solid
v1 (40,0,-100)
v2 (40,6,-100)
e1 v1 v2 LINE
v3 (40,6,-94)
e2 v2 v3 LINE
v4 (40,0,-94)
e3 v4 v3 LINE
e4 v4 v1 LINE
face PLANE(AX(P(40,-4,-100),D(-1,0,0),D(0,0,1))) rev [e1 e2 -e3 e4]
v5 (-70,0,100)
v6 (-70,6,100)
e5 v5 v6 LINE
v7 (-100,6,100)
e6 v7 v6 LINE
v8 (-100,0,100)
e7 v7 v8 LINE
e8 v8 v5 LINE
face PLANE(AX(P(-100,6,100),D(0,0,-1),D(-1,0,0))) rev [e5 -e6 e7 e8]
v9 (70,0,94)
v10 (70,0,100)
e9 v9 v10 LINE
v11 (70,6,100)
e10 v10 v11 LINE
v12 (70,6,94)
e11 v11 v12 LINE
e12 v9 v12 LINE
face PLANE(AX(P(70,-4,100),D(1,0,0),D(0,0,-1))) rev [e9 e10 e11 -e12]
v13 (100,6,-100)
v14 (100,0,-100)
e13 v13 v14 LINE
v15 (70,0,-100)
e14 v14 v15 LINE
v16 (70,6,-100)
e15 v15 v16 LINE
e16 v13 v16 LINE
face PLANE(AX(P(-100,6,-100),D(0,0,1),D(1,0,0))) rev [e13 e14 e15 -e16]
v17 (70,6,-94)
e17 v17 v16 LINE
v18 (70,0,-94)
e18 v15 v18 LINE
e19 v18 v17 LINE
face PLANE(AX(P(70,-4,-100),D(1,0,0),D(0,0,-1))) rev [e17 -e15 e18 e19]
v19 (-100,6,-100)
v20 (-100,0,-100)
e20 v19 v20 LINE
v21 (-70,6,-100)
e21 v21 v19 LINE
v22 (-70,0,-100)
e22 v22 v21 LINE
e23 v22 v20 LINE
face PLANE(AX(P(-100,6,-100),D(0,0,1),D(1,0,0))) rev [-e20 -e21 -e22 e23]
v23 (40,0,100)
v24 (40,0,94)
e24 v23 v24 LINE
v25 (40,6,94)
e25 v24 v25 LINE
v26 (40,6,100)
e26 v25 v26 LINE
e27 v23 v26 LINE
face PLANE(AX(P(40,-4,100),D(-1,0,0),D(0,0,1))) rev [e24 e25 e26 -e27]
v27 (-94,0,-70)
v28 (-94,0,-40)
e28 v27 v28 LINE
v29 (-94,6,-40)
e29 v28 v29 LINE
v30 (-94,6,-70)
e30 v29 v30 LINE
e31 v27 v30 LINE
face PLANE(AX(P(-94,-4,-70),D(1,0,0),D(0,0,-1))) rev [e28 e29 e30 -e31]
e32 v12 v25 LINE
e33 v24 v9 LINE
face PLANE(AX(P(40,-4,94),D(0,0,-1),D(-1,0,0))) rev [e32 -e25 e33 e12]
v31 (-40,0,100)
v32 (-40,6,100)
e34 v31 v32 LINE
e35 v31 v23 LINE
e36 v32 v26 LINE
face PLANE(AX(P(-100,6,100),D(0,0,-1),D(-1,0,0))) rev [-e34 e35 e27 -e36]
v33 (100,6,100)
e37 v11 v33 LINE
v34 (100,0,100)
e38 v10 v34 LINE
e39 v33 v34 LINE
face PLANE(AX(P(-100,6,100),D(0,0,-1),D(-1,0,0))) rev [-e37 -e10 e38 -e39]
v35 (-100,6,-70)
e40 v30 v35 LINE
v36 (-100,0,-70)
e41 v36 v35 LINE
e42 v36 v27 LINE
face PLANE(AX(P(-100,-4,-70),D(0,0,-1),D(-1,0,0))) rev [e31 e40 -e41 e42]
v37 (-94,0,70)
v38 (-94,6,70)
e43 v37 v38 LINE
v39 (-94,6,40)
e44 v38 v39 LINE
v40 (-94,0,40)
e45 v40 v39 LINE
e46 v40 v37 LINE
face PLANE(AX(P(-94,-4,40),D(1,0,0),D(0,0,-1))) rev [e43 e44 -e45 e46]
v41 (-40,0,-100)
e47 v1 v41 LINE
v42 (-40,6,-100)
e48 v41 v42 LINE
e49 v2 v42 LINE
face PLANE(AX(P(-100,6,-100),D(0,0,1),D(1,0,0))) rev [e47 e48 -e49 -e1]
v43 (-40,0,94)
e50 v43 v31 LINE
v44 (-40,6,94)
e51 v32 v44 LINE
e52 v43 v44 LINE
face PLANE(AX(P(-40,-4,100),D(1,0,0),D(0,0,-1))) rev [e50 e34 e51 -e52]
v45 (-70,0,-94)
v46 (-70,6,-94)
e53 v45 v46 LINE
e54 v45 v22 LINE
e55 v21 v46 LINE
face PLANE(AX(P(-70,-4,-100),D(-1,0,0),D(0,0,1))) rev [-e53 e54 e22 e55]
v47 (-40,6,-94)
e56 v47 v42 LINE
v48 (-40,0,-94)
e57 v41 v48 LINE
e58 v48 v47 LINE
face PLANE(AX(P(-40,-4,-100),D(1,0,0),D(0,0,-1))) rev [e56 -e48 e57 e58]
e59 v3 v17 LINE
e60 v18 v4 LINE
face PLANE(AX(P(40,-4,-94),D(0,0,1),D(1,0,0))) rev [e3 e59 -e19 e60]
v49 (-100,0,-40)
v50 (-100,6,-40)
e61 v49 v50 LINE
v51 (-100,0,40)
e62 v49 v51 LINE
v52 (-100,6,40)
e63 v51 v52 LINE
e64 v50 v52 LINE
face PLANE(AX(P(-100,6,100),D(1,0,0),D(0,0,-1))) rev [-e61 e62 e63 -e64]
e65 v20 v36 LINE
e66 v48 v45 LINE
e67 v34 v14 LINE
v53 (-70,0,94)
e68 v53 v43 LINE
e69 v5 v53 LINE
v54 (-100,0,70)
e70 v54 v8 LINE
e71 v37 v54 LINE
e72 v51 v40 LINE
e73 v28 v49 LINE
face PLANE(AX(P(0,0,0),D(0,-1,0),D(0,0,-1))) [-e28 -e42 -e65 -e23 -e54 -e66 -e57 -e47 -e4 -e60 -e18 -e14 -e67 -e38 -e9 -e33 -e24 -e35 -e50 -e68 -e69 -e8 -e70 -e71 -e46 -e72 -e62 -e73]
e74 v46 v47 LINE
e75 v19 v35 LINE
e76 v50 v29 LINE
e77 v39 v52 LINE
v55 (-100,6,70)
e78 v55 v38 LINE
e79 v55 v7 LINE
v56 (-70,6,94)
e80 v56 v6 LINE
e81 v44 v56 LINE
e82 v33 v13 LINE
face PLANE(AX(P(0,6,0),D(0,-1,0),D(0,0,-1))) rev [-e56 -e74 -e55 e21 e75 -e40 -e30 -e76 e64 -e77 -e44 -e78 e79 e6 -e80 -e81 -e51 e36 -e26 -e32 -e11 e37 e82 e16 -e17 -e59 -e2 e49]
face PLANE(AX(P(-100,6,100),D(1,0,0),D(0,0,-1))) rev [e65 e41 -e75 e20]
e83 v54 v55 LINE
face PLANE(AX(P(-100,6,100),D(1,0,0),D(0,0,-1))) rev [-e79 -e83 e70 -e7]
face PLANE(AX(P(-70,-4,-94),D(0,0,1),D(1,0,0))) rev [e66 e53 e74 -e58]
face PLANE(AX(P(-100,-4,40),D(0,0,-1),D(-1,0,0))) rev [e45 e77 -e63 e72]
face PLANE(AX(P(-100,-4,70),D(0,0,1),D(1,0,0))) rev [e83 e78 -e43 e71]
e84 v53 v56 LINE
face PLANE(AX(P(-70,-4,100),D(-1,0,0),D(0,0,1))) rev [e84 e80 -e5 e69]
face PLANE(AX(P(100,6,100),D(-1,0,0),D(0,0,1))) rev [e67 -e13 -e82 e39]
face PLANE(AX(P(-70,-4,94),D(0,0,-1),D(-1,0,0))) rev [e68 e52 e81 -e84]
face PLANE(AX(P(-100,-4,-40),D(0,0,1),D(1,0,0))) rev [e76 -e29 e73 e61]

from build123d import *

# Parameters (mm, degrees)
ESBO_O1_W                = 200
ESBO_O1_H                = 200
RESSALTO_EXTRUS_O1_DEPTH = 6
ESBO_O2_W                = 30
ESBO_O2_H                = 6
ESBO_O2_W_2              = 6
ESBO_O2_H_2              = 30
CORTE_EXTRUS_O1_DEPTH    = 10


with BuildPart() as part:
    # Esboço1 → Ressalto-extrusão1 (new body)
    with BuildSketch(Plane(origin=(0, 0, 0), x_dir=(1, 0, 0), z_dir=(0, 1, 0))):
        Rectangle(ESBO_O1_W, ESBO_O1_H)
    extrude(amount=RESSALTO_EXTRUS_O1_DEPTH)

    # Esboço2 → Corte-extrusão1 (cut)
    with BuildSketch(Plane(origin=(0, 6, 0), x_dir=(1, 0, 0), z_dir=(0, 1, 0))):
        with Locations((-55, -97)):
            Rectangle(ESBO_O2_W, ESBO_O2_H)
        with Locations((55, -97)):
            Rectangle(ESBO_O2_W, ESBO_O2_H)
        with Locations((-55, 97)):
            Rectangle(ESBO_O2_W, ESBO_O2_H)
        with Locations((55, 97)):
            Rectangle(ESBO_O2_W, ESBO_O2_H)
        with Locations((-97, 55)):
            Rectangle(ESBO_O2_W_2, ESBO_O2_H_2)
        with Locations((-97, -55)):
            Rectangle(ESBO_O2_W_2, ESBO_O2_H_2)
    extrude(amount=-CORTE_EXTRUS_O1_DEPTH, mode=Mode.SUBTRACT)


solid = part.part
